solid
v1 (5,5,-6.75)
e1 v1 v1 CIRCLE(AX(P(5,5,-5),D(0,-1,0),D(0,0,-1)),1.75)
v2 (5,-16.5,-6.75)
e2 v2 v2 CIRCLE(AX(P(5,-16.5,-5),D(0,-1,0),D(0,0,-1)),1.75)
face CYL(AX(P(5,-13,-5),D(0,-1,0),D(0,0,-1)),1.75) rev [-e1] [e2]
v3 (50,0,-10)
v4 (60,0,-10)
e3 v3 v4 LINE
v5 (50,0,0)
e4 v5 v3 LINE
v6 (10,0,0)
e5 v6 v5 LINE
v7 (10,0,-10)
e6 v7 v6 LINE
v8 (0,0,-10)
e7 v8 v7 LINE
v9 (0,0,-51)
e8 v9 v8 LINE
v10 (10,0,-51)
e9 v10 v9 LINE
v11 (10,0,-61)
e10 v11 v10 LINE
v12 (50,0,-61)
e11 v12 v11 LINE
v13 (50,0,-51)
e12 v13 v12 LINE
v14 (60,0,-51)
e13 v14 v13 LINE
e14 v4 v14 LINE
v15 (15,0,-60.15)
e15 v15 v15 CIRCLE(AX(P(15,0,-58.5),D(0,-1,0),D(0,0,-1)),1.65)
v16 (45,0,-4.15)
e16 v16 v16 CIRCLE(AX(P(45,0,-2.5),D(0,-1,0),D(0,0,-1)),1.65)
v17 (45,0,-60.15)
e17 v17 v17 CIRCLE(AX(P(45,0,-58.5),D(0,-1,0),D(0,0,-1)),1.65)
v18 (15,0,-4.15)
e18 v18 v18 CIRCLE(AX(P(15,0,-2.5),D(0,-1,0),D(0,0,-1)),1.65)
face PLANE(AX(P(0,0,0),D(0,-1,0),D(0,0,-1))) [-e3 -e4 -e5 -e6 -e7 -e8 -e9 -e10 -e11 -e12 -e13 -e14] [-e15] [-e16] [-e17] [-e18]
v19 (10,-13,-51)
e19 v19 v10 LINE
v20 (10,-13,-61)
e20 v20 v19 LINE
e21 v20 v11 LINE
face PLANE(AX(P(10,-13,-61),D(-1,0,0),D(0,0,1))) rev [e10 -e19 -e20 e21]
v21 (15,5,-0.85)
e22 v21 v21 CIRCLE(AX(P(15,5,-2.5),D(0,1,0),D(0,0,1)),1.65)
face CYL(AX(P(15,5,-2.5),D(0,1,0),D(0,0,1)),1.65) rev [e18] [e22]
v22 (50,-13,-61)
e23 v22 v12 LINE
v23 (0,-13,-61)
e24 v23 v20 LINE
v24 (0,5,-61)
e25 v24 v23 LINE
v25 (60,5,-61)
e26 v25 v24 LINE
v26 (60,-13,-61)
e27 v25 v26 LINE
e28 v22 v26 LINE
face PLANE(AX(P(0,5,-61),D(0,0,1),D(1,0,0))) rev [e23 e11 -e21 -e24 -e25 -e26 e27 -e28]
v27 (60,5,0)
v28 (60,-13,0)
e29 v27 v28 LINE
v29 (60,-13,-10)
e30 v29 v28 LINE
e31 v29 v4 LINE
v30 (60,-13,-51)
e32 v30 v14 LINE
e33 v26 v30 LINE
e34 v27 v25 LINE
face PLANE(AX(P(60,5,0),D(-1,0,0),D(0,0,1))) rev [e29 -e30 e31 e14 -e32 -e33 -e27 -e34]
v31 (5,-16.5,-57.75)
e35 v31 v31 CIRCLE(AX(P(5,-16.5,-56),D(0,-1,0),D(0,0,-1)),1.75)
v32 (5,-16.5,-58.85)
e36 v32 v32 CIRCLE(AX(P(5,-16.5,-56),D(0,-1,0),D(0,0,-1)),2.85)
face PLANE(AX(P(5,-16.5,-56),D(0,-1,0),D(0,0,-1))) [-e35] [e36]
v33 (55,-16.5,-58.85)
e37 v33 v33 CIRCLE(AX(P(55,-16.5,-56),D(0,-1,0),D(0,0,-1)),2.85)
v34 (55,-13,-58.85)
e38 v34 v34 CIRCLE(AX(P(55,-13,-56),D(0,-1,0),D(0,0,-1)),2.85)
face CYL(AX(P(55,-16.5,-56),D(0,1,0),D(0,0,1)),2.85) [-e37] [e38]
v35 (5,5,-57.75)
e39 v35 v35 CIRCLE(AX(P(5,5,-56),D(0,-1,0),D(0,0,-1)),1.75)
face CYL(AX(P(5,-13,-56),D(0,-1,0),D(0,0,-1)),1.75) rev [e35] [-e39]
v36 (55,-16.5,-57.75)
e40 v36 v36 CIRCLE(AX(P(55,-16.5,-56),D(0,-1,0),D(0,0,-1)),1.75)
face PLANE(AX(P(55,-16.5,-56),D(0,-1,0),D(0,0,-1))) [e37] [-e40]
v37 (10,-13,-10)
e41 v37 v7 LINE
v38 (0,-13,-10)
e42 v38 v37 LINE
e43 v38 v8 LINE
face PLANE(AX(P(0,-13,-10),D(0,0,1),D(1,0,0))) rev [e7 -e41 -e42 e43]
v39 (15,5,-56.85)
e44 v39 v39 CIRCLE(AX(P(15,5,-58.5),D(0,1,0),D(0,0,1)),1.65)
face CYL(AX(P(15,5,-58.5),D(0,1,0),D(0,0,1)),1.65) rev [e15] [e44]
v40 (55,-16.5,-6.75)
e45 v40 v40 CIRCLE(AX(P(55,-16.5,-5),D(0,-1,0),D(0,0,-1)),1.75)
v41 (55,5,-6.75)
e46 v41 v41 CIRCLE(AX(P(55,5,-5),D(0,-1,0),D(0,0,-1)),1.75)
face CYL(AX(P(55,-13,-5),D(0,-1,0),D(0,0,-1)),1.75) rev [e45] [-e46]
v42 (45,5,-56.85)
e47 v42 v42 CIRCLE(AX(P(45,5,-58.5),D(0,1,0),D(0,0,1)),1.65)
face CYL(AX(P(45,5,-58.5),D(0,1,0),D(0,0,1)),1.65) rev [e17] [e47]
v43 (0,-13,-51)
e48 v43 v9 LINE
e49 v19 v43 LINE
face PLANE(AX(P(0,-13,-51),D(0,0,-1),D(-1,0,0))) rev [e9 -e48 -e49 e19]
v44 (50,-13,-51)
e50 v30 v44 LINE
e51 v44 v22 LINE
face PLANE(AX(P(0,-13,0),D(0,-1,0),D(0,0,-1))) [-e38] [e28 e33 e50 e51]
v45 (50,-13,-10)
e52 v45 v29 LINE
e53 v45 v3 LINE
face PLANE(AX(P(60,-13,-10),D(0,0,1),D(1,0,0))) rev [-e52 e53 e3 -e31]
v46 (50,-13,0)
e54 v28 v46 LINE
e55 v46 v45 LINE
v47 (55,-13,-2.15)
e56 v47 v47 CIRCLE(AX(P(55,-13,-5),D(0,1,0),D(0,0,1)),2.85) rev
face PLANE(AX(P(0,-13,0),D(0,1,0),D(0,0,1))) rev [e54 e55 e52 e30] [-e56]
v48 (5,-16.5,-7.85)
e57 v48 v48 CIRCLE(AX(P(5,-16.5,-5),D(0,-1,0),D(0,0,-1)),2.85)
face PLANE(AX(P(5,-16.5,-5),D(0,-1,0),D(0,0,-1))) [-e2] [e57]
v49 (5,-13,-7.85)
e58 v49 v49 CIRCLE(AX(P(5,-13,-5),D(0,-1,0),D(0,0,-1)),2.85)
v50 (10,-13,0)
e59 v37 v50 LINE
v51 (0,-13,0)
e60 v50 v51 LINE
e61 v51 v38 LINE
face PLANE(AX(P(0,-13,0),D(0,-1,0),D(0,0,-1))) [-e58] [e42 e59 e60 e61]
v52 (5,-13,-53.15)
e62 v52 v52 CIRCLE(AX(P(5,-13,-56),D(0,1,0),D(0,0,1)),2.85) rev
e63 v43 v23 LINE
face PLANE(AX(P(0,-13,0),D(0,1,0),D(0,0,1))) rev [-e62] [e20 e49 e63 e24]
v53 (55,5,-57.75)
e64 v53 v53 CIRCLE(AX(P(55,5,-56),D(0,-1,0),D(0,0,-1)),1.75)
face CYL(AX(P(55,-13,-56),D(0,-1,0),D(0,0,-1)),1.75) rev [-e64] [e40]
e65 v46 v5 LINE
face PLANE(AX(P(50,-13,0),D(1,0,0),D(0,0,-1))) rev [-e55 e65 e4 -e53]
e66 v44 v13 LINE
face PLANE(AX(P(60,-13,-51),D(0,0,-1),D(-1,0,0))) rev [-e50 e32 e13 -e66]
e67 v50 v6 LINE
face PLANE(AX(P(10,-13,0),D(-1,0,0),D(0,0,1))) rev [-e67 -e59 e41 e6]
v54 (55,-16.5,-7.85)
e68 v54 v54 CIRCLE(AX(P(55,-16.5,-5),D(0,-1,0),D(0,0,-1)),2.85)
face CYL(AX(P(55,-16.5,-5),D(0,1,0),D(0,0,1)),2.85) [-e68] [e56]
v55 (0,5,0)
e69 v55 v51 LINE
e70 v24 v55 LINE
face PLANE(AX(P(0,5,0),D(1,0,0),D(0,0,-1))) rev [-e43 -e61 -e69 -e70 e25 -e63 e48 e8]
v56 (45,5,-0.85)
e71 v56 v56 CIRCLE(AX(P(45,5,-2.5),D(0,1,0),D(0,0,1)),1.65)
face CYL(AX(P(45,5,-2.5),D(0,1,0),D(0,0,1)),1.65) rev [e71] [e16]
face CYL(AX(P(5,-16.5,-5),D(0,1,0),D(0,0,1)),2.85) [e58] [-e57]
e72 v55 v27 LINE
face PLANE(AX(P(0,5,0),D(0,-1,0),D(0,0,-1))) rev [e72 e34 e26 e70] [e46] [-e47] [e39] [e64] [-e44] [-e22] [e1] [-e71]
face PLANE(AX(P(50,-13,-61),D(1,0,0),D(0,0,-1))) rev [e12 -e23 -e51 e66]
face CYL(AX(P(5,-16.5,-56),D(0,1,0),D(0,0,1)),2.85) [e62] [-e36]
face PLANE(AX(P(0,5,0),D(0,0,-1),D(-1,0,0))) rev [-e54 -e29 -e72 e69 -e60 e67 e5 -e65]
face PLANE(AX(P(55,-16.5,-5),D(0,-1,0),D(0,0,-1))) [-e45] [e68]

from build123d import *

# Parameters (mm, degrees)
SKETCH_1_W               = 60
SKETCH_1_H               = 61
EXTRUDE_1_DEPTH          = 5
SKETCH_2_W               = 10
SKETCH_2_H               = 10
EXTRUDE_2_DEPTH          = 13
HOLE_WIZARD_2_D          = 3.3
SKETCH_9_R               = 2.85
EXTRUDE_3_DEPTH          = 3.5
SKETCH_5_W               = 1.75
SKETCH_5_H               = 18
HOLE_WIZARD_1_AT_2_COUNT = 2
HOLE_WIZARD_1_AT_2_PITCH = 51
HOLE_WIZARD_1_AT_3_COUNT = 2
HOLE_WIZARD_1_AT_3_PITCH = 71.421285343
HOLE_WIZARD_1_AT_4_COUNT = 2
HOLE_WIZARD_1_AT_4_PITCH = 50
HOLE_WIZARD_3_D          = 3.5


with BuildPart() as part:
    # 草图1 → 凸台-拉伸1 (new body)
    with BuildSketch(Plane(origin=(0, 0, 0), x_dir=(1, 0, 0), z_dir=(0, 1, 0))):
        with Locations((30, 30.5)):
            Rectangle(SKETCH_1_W, SKETCH_1_H)
    extrude(amount=EXTRUDE_1_DEPTH)

    # 草图2 → 凸台-拉伸2 (add)
    with BuildSketch(Plane.XZ):
        with Locations((5, -5)):
            Rectangle(SKETCH_2_W, SKETCH_2_H)
        with Locations((55, -5)):
            Rectangle(SKETCH_2_W, SKETCH_2_H)
        with Locations((55, -56)):
            Rectangle(SKETCH_2_W, SKETCH_2_H)
        with Locations((5, -56)):
            Rectangle(SKETCH_2_W, SKETCH_2_H)
    extrude(amount=EXTRUDE_2_DEPTH)

    # 孔2 (through all)
    with Locations(Plane(origin=(0, 5, 0), x_dir=(1, 0, 0), z_dir=(0, 1, 0))):
        with Locations((15, 58.5), (45, 58.5), (45, 2.5), (15, 2.5)):
            Hole(HOLE_WIZARD_2_D / 2)

    # 草图9 → 凸台-拉伸3 (add)
    with BuildSketch(Plane.XZ.offset(13)):
        with Locations(Location((5, -56, 0), (0, 0, 90))):
            Circle(SKETCH_9_R)
        with Locations(Location((55, -56, 0), (0, 0, 270))):
            Circle(SKETCH_9_R)
        with Locations(Location((55, -5, 0), (0, 0, 90))):
            Circle(SKETCH_9_R)
        with Locations(Location((5, -5, 0), (0, 0, 270))):
            Circle(SKETCH_9_R)
    extrude(amount=EXTRUDE_3_DEPTH)

    # 草图5 → 孔1 (revolve, cut)
    with BuildSketch(Plane(origin=(5, -13, -5), x_dir=(0, 0, -1), z_dir=(1, 0, 0))):
        with Locations((0.875, 9)):
            Rectangle(SKETCH_5_W, SKETCH_5_H)
    hole_wizard_1 = revolve(axis=Axis((5, 97, -5), (0, -1, 0)), mode=Mode.SUBTRACT)

    # 孔1 at 2: 孔1 ×2
    with Locations(*[(0, 0, -i * HOLE_WIZARD_1_AT_2_PITCH) for i in range(1, HOLE_WIZARD_1_AT_2_COUNT)]):
        add(hole_wizard_1, mode=Mode.SUBTRACT)

    # 孔1 at 3: 孔1 ×2
    with Locations(*[Vector(0.7000714109260575, 0, -0.7140728391445785) * (i * HOLE_WIZARD_1_AT_3_PITCH) for i in range(1, HOLE_WIZARD_1_AT_3_COUNT)]):
        add(hole_wizard_1, mode=Mode.SUBTRACT)

    # 孔1 at 4: 孔1 ×2
    with Locations(*[(i * HOLE_WIZARD_1_AT_4_PITCH, 0, 0) for i in range(1, HOLE_WIZARD_1_AT_4_COUNT)]):
        add(hole_wizard_1, mode=Mode.SUBTRACT)

    # 孔3 (through all)
    with Locations(Plane(origin=(0, -16.5, 0), x_dir=(-1, 0, 0), z_dir=(0, -1, 0))):
        with Locations((-5, 5), (-5, 56), (-55, 56), (-55, 5)):
            Hole(HOLE_WIZARD_3_D / 2)


solid = part.part
